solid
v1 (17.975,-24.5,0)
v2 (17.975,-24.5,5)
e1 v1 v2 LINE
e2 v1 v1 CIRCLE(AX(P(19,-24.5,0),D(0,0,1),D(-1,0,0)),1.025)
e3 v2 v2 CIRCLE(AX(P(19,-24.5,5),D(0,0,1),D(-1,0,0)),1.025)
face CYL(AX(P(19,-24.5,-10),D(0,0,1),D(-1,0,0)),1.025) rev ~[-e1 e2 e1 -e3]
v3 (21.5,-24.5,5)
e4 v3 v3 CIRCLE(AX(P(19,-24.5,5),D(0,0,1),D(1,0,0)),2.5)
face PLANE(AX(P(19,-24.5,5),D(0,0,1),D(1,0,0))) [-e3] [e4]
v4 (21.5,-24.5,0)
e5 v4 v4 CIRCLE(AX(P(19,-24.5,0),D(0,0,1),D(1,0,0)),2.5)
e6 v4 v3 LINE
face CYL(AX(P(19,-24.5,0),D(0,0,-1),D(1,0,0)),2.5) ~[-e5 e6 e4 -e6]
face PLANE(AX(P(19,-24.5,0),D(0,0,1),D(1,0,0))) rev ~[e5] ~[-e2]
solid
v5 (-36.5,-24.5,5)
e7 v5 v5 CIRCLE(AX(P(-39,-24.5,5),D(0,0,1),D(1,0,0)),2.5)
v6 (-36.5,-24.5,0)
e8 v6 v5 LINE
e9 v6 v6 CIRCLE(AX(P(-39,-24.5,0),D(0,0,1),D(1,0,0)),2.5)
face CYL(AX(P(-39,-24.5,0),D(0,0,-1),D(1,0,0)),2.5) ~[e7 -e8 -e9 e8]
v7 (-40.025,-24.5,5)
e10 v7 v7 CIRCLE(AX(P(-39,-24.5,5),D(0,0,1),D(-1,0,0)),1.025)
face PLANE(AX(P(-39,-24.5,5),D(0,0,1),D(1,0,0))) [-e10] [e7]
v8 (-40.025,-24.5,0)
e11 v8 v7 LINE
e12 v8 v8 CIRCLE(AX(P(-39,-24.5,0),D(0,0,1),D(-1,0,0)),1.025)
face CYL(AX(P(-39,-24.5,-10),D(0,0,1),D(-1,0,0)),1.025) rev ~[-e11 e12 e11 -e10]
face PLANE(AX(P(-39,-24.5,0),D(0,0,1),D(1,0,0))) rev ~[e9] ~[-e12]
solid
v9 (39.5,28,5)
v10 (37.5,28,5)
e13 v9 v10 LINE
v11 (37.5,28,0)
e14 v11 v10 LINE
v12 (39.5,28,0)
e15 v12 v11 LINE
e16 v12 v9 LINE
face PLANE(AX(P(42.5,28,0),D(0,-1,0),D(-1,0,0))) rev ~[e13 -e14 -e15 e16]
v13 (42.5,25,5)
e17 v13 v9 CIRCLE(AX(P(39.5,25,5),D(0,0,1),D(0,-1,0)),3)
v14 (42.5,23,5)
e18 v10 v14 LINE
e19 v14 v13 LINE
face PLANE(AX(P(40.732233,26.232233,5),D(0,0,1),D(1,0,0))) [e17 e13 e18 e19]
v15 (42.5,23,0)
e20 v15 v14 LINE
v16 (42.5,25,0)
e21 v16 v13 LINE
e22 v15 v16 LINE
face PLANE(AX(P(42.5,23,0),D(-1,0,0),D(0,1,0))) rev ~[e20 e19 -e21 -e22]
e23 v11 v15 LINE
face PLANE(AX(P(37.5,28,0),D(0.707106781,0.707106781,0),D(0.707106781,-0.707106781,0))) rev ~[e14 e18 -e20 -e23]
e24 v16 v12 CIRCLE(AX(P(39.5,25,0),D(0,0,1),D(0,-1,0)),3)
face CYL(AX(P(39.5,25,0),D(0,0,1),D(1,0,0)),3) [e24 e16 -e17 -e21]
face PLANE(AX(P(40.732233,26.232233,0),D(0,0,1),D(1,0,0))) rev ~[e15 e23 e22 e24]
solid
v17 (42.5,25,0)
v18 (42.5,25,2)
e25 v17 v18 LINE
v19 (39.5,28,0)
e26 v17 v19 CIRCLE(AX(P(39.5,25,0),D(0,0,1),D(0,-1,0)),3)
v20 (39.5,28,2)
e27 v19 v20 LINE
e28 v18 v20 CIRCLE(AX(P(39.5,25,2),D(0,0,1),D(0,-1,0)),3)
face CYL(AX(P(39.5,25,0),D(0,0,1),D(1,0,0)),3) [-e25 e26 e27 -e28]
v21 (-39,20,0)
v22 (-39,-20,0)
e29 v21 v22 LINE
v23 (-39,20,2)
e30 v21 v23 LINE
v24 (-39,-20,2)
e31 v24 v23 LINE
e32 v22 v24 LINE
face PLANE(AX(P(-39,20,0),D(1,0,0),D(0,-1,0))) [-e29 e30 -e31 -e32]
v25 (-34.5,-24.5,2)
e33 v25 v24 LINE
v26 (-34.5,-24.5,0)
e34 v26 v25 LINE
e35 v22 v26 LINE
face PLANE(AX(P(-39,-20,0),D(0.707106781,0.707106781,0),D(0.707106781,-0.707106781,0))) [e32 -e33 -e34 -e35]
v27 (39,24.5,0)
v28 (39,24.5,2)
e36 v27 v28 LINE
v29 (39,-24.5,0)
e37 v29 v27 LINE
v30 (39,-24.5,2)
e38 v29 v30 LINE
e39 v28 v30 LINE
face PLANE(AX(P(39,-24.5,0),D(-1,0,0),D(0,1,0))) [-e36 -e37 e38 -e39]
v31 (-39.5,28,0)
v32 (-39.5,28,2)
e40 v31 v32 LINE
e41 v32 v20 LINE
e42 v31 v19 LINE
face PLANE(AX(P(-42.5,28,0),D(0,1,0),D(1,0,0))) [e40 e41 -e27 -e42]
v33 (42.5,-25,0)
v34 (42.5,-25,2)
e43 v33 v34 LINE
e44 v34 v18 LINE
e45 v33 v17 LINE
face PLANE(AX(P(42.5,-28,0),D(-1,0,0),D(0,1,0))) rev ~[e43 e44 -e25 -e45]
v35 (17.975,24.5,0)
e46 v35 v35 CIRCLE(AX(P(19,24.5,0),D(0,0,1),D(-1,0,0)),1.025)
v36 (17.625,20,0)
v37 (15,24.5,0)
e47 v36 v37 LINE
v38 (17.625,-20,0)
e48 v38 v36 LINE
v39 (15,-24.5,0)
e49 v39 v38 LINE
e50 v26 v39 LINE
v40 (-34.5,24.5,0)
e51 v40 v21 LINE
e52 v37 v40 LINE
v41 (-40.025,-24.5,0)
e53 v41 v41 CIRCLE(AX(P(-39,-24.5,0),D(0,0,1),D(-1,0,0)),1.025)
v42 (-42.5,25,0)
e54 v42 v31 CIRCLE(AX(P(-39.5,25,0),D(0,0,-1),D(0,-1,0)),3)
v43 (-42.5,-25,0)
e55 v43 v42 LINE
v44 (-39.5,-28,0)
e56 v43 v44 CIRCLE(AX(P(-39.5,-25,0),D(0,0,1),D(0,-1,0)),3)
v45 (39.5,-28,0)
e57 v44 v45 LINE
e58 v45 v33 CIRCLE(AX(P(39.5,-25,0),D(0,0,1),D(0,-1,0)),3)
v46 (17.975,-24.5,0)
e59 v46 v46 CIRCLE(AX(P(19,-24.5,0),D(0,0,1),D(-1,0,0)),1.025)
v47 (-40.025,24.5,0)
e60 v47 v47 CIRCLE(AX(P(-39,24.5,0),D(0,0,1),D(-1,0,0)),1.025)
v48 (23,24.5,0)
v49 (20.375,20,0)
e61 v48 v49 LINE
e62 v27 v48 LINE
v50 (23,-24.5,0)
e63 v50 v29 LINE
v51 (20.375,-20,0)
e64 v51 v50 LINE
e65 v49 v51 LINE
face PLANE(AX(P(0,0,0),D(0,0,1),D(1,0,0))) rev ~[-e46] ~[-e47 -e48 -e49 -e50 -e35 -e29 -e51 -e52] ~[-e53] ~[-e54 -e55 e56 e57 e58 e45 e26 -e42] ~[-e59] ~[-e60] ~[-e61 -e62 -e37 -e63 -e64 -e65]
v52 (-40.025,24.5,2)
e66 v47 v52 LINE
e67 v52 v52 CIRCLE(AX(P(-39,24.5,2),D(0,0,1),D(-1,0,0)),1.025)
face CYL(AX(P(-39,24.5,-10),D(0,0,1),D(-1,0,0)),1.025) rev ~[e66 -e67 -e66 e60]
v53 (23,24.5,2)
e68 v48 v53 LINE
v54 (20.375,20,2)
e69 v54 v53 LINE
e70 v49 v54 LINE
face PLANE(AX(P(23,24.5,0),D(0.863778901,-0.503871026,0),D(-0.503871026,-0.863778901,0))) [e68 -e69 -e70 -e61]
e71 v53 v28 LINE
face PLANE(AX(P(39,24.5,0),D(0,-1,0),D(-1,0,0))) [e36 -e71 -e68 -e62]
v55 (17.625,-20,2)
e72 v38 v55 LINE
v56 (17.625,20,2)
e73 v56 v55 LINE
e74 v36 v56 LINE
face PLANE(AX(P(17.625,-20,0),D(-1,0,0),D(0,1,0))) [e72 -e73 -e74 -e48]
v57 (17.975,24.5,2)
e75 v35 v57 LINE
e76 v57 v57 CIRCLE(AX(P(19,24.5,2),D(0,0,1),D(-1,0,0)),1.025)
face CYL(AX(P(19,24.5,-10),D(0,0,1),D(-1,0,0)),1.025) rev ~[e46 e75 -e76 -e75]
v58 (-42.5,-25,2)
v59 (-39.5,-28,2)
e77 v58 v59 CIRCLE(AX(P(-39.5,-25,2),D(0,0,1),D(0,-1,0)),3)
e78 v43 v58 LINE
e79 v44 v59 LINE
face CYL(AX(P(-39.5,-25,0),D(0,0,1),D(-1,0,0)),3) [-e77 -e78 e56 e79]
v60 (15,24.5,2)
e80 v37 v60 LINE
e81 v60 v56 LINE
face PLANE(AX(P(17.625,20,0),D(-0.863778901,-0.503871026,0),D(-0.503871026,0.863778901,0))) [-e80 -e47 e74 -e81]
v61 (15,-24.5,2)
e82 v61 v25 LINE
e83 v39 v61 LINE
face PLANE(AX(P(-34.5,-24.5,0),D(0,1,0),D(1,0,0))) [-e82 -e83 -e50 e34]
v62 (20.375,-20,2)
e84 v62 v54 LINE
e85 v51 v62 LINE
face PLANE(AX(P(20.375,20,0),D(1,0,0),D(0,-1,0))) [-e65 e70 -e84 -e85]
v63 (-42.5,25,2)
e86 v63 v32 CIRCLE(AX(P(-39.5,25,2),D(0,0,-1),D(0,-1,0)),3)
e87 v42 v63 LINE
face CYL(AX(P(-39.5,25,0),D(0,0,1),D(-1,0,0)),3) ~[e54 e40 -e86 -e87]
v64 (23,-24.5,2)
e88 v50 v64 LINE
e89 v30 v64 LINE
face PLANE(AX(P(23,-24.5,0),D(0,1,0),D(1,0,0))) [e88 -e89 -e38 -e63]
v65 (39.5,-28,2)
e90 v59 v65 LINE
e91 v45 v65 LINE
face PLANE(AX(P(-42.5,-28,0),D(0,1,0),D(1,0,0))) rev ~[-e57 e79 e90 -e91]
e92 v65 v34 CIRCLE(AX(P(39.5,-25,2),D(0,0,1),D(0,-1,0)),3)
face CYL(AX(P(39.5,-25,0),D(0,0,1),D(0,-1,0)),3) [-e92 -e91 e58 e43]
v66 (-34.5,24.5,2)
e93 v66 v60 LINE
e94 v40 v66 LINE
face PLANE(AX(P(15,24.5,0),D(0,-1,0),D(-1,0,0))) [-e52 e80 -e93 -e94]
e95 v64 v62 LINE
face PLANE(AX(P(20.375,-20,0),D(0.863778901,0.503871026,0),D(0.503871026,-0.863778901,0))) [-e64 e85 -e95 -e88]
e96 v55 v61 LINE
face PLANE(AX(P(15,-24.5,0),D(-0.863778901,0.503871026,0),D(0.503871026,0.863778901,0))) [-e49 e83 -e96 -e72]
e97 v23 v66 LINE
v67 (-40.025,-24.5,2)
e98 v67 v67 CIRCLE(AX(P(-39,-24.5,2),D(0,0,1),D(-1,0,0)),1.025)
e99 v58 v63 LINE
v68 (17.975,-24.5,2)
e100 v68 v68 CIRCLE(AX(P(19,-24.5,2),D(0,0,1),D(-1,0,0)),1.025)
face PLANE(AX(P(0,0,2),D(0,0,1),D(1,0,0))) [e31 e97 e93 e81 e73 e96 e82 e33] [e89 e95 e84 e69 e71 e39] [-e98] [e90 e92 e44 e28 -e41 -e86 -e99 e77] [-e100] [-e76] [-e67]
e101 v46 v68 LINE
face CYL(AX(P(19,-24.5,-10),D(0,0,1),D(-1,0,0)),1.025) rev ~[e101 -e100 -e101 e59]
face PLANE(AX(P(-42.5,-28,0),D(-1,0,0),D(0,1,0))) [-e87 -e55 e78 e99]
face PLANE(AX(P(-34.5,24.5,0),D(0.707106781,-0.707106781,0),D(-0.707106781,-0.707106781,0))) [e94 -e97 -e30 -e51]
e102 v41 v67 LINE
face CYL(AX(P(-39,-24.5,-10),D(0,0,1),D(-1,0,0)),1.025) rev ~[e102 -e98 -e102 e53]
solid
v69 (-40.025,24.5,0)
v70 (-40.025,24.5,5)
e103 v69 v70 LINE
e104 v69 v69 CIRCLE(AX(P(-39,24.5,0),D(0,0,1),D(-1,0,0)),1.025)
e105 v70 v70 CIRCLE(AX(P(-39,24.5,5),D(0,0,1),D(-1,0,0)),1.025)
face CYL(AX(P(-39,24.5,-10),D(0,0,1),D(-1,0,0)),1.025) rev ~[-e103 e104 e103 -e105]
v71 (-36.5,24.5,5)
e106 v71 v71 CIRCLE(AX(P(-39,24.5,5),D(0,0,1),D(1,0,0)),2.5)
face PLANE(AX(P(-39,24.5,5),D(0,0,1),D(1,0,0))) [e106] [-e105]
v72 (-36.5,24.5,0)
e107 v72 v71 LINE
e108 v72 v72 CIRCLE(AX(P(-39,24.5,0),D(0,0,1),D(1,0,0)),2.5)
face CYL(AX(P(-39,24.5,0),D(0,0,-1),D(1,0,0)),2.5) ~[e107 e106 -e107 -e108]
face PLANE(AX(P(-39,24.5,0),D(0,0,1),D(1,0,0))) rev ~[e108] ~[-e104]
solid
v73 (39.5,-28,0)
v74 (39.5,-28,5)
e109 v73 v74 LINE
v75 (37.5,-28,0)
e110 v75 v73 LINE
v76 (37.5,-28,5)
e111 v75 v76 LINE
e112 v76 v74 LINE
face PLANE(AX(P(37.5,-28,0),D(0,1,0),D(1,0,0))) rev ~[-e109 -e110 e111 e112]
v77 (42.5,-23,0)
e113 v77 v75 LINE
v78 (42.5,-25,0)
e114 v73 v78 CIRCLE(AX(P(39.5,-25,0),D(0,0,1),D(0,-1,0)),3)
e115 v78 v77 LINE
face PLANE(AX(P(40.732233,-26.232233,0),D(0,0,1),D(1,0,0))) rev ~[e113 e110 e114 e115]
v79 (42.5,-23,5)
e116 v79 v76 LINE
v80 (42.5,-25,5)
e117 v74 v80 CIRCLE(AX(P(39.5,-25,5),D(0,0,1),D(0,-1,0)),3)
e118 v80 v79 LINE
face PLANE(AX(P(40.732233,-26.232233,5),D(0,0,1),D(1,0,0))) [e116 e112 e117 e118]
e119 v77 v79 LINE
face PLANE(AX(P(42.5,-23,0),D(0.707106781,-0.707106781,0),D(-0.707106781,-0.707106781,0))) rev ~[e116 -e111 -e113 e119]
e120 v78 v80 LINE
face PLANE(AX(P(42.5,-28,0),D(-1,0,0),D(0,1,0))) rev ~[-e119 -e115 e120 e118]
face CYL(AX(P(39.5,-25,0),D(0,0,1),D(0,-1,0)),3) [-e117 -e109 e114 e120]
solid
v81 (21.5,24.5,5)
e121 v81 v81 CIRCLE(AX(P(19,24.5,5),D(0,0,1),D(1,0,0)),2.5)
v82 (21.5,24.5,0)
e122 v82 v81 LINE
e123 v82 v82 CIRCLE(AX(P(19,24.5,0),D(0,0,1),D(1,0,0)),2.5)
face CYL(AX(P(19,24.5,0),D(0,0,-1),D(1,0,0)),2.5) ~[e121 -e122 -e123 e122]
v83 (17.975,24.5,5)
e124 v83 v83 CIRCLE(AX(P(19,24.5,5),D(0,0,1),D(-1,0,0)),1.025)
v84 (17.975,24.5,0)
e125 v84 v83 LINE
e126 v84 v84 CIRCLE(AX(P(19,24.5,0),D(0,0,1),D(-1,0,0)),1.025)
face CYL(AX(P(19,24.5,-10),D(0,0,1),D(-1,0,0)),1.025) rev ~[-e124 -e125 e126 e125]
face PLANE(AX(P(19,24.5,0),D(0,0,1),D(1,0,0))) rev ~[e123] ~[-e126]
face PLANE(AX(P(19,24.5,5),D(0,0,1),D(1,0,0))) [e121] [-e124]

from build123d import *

# Parameters (mm, degrees)
F0_W       = 85
F0_H       = 56
F1_DEPTH   = 2
F2_R       = 3
F3_R       = 2.5
F4_DEPTH   = 5
F5_D       = 2.05
F5_DEPTH   = 10
F5_2_D     = 2.05
F5_2_DEPTH = 10
F7_DEPTH   = 3
F8_R       = 3


with BuildPart() as f1:
    # F0 (on Top) → F1 (new body)
    with BuildSketch(Plane.XY):
        Rectangle(F0_W, F0_H)
    extrude(amount=F1_DEPTH)

    # F2
    f2_edges = [f1.edges().sort_by_distance(p)[0] for p in [
        (-42.5, -28, 1),
        (-42.5, 28, 1),
        (42.5, -28, 1),
        (42.5, 28, 1),
    ]]
    fillet(f2_edges, radius=F2_R)

    # F5
    with Locations(Plane(origin=(0, 0, 0), x_dir=(1, 0, 0), z_dir=(0, 0, -1))):
        with Locations((-39, 24.5), (19, 24.5), (19, -24.5), (-39, -24.5)):
            Hole(F5_D / 2, depth=F5_DEPTH)

    # F6 (on face) → F7 (cut)
    with BuildSketch(Plane.XY):
        Polygon((-34.5, 24.5), (-39, 20), (-39, -20), (-34.5, -24.5), (15, -24.5), (17.625, -20), (17.625, 20), (15, 24.5), align=None)
        Polygon((23, 24.5), (20.375, 20), (20.375, -20), (23, -24.5), (39, -24.5), (39, 24.5), align=None)
    extrude(amount=F7_DEPTH, mode=Mode.SUBTRACT)


with BuildPart() as f4:
    # F3 (on Top) → F4 (new body)
    with BuildSketch(Plane.XY):
        with Locations((-39, -24.5)):
            Circle(F3_R)
        with Locations((-39, 24.5)):
            Circle(F3_R)
        with Locations((19, -24.5)):
            Circle(F3_R)
        with Locations((19, 24.5)):
            Circle(F3_R)
        Polygon((37.5, -28), (42.5, -28), (42.5, -23), align=None)
        Polygon((42.5, 23), (42.5, 28), (37.5, 28), align=None)
    extrude(amount=F4_DEPTH)

    # F5#2
    with Locations(Plane(origin=(0, 0, 0), x_dir=(1, 0, 0), z_dir=(0, 0, -1))):
        with Locations((-39, 24.5), (19, 24.5), (19, -24.5), (-39, -24.5)):
            Hole(F5_2_D / 2, depth=F5_2_DEPTH)

    # F8
    f8_edges = [f4.edges().sort_by_distance(p)[0] for p in [
        (42.5, 28, 2.5),
        (42.5, -28, 2.5),
    ]]
    fillet(f8_edges, radius=F8_R)


solid = Compound([f1.part, f4.part])
